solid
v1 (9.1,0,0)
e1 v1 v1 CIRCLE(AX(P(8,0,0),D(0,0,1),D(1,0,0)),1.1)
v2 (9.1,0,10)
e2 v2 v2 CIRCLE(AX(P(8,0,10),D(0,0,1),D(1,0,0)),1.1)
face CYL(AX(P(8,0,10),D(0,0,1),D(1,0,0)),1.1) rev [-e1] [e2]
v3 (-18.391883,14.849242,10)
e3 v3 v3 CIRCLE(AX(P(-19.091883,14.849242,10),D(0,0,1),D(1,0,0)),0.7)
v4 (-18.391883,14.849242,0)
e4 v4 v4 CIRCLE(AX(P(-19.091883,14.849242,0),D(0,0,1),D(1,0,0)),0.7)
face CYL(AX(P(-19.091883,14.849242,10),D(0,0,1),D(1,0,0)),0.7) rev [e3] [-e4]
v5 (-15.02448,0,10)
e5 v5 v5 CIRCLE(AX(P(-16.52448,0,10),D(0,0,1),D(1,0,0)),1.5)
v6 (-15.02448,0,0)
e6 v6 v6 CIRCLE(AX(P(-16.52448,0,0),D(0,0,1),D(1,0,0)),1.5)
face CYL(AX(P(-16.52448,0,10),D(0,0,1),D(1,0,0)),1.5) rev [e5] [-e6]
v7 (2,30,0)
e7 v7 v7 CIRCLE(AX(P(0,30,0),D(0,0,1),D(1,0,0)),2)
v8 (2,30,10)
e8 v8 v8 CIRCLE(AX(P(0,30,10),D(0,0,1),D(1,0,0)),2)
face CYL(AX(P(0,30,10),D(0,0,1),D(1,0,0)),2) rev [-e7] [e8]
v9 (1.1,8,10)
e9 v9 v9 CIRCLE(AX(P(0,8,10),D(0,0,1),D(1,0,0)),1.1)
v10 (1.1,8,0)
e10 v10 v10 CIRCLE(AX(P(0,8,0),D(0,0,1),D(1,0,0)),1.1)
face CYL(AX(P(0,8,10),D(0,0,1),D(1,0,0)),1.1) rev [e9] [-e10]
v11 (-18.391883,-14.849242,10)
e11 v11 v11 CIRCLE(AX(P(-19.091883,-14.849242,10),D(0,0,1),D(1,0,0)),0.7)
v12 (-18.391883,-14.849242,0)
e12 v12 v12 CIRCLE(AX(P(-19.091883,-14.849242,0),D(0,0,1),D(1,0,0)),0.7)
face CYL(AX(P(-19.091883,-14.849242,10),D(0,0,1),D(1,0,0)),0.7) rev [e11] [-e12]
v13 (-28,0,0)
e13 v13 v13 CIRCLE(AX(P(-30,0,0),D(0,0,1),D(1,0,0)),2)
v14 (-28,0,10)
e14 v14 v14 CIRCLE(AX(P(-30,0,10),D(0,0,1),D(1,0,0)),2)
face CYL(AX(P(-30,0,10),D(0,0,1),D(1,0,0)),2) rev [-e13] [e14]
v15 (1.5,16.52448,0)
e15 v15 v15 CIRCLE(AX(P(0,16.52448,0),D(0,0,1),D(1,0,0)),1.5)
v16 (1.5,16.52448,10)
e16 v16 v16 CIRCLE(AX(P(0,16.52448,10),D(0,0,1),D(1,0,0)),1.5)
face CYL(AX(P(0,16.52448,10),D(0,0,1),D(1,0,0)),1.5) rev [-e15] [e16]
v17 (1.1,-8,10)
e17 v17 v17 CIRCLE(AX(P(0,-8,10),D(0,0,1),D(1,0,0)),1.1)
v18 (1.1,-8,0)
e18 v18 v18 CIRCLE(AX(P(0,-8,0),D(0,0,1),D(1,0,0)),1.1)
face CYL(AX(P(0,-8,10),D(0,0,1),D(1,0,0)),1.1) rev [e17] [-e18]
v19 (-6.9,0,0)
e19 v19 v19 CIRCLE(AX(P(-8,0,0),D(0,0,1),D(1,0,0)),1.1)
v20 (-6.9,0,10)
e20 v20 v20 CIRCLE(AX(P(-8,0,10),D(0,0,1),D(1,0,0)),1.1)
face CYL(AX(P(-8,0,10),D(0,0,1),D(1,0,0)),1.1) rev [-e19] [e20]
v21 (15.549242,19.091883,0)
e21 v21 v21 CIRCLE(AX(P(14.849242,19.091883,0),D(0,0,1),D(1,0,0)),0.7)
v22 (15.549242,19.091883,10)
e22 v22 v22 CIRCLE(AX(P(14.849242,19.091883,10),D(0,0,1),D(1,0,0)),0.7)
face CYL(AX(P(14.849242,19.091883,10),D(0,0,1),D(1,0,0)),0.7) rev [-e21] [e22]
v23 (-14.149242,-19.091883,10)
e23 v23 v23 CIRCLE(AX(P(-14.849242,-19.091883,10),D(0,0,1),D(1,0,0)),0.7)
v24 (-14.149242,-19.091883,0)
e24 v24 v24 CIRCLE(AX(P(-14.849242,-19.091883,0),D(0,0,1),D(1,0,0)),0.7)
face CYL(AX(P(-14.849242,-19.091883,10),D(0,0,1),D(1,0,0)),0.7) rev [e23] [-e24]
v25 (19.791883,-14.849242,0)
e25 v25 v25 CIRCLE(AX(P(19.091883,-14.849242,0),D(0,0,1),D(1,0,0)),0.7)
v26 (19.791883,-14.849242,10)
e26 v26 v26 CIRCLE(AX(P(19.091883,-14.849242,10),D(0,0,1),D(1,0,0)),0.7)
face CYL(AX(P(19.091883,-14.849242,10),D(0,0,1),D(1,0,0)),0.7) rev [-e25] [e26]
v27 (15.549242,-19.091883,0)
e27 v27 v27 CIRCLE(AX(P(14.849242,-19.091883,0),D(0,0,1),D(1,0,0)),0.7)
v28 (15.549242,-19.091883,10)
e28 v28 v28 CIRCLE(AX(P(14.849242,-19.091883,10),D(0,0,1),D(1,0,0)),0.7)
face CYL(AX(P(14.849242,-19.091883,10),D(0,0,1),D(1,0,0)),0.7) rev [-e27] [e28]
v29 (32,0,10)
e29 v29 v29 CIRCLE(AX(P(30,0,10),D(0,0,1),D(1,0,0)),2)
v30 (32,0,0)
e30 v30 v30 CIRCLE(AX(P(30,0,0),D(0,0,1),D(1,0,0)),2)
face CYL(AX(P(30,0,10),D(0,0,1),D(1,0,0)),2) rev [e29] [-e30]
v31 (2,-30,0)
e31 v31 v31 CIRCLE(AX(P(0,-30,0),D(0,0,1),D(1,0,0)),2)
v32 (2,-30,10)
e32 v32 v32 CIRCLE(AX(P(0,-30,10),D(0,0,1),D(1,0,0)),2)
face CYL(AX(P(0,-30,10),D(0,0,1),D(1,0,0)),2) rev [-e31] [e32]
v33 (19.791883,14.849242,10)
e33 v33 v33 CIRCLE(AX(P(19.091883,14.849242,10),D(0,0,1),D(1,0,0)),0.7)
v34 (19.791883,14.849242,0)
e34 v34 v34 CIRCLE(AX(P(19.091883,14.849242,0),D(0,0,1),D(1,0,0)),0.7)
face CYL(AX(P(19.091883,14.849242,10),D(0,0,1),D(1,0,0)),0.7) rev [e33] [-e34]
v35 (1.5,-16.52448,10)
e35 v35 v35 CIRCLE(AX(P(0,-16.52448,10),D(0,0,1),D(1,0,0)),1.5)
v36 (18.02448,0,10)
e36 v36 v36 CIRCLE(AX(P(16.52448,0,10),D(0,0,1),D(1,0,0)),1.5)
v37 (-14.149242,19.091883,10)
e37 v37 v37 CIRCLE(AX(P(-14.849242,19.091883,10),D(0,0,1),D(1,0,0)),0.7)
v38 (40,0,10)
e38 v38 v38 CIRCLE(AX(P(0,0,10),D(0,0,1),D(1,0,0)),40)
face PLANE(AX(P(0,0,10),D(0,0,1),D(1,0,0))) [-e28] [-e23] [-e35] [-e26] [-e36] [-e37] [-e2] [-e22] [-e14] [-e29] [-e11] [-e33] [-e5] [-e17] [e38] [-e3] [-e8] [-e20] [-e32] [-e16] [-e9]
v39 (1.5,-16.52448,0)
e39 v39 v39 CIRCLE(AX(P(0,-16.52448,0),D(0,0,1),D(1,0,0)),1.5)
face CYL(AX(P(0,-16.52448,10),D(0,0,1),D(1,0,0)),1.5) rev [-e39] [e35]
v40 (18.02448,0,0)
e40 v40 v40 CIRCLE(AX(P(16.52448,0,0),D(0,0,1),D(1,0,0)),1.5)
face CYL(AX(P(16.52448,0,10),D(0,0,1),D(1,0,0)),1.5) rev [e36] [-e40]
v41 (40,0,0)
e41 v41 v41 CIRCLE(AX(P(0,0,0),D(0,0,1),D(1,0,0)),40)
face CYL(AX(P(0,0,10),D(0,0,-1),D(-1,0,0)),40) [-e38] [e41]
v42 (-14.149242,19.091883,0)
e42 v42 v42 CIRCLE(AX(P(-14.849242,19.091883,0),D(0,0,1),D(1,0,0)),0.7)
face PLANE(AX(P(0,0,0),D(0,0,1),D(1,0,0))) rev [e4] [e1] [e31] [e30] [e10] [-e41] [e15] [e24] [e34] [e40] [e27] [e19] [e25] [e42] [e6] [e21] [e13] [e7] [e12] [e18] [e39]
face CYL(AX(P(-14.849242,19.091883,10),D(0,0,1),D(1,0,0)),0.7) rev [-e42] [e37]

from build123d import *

# Parameters (mm, degrees)
SKETCH1_R                      = 40
BOSS_EXTRUDE1_DEPTH            = 10
F_4_0_4_DIAMETER_HOLE1_D       = 4
F_4_0_4_DIAMETER_HOLE1_DEPTH   = 10
F_4_0_4_DIAMETER_HOLE1_TIP     = 1.201721238
F_2_2_2_2_DIAMETER_HOLE1_D     = 2.2
F_2_2_2_2_DIAMETER_HOLE1_DEPTH = 10
F_2_2_2_2_DIAMETER_HOLE1_TIP   = 0.660946681
F_3_0_3_DIAMETER_HOLE4_D       = 3
F_3_0_3_DIAMETER_HOLE4_DEPTH   = 10
F_3_0_3_DIAMETER_HOLE4_TIP     = 0.901290929
F_1_4_1_4_DIAMETER_HOLE1_D     = 1.4
CIRPATTERN1_COUNT              = 4


with BuildPart() as part:
    # Sketch1 → Boss-Extrude1 (new body)
    with BuildSketch(Plane.XY):
        Circle(SKETCH1_R)
    extrude(amount=BOSS_EXTRUDE1_DEPTH)

    # Ø4.0 (4) Diameter Hole1
    with Locations(Plane.XY.offset(10)):
        with Locations((0, 30), (30, 0), (-30, 0), (0, -30)):
            Hole(F_4_0_4_DIAMETER_HOLE1_D / 2, depth=F_4_0_4_DIAMETER_HOLE1_DEPTH)
            with Locations((0, 0, -(F_4_0_4_DIAMETER_HOLE1_DEPTH + F_4_0_4_DIAMETER_HOLE1_TIP / 2))):  # 118° drill point
                Cone(0, F_4_0_4_DIAMETER_HOLE1_D / 2, F_4_0_4_DIAMETER_HOLE1_TIP, mode=Mode.SUBTRACT)

    # Ø2.2 (2.2) Diameter Hole1
    with Locations(Plane.XY.offset(10)):
        with Locations((0, 8), (0, -8), (-8, 0), (8, 0)):
            Hole(F_2_2_2_2_DIAMETER_HOLE1_D / 2, depth=F_2_2_2_2_DIAMETER_HOLE1_DEPTH)
            with Locations((0, 0, -(F_2_2_2_2_DIAMETER_HOLE1_DEPTH + F_2_2_2_2_DIAMETER_HOLE1_TIP / 2))):  # 118° drill point
                Cone(0, F_2_2_2_2_DIAMETER_HOLE1_D / 2, F_2_2_2_2_DIAMETER_HOLE1_TIP, mode=Mode.SUBTRACT)

    # Ø3.0 (3) Diameter Hole4
    with Locations(Plane.XY.offset(10)):
        with Locations((0, -16.52447999), (16.52447999, 0), (0, 16.52447999), (-16.52447999, 0)):
            Hole(F_3_0_3_DIAMETER_HOLE4_D / 2, depth=F_3_0_3_DIAMETER_HOLE4_DEPTH)
            with Locations((0, 0, -(F_3_0_3_DIAMETER_HOLE4_DEPTH + F_3_0_3_DIAMETER_HOLE4_TIP / 2))):  # 118° drill point
                Cone(0, F_3_0_3_DIAMETER_HOLE4_D / 2, F_3_0_3_DIAMETER_HOLE4_TIP, mode=Mode.SUBTRACT)

    # Ø1.4 (1.4) Diameter Hole1 (through all)
    with Locations(Plane.XY.offset(10)):
        with Locations((-14.849242405, -19.091883092), (-19.091883092, -14.849242405)):
            f_1_4_1_4_diameter_hole1 = Hole(F_1_4_1_4_DIAMETER_HOLE1_D / 2)

    # CirPattern1: Ø1.4 (1.4) Diameter Hole1 ×4 about axis
    cirpattern1_axis = Axis((0, 0, 0), (0, 0, 1))
    for i in range(1, CIRPATTERN1_COUNT):
        add(f_1_4_1_4_diameter_hole1.rotate(cirpattern1_axis, i * 360 / CIRPATTERN1_COUNT), mode=Mode.SUBTRACT)


solid = part.part
